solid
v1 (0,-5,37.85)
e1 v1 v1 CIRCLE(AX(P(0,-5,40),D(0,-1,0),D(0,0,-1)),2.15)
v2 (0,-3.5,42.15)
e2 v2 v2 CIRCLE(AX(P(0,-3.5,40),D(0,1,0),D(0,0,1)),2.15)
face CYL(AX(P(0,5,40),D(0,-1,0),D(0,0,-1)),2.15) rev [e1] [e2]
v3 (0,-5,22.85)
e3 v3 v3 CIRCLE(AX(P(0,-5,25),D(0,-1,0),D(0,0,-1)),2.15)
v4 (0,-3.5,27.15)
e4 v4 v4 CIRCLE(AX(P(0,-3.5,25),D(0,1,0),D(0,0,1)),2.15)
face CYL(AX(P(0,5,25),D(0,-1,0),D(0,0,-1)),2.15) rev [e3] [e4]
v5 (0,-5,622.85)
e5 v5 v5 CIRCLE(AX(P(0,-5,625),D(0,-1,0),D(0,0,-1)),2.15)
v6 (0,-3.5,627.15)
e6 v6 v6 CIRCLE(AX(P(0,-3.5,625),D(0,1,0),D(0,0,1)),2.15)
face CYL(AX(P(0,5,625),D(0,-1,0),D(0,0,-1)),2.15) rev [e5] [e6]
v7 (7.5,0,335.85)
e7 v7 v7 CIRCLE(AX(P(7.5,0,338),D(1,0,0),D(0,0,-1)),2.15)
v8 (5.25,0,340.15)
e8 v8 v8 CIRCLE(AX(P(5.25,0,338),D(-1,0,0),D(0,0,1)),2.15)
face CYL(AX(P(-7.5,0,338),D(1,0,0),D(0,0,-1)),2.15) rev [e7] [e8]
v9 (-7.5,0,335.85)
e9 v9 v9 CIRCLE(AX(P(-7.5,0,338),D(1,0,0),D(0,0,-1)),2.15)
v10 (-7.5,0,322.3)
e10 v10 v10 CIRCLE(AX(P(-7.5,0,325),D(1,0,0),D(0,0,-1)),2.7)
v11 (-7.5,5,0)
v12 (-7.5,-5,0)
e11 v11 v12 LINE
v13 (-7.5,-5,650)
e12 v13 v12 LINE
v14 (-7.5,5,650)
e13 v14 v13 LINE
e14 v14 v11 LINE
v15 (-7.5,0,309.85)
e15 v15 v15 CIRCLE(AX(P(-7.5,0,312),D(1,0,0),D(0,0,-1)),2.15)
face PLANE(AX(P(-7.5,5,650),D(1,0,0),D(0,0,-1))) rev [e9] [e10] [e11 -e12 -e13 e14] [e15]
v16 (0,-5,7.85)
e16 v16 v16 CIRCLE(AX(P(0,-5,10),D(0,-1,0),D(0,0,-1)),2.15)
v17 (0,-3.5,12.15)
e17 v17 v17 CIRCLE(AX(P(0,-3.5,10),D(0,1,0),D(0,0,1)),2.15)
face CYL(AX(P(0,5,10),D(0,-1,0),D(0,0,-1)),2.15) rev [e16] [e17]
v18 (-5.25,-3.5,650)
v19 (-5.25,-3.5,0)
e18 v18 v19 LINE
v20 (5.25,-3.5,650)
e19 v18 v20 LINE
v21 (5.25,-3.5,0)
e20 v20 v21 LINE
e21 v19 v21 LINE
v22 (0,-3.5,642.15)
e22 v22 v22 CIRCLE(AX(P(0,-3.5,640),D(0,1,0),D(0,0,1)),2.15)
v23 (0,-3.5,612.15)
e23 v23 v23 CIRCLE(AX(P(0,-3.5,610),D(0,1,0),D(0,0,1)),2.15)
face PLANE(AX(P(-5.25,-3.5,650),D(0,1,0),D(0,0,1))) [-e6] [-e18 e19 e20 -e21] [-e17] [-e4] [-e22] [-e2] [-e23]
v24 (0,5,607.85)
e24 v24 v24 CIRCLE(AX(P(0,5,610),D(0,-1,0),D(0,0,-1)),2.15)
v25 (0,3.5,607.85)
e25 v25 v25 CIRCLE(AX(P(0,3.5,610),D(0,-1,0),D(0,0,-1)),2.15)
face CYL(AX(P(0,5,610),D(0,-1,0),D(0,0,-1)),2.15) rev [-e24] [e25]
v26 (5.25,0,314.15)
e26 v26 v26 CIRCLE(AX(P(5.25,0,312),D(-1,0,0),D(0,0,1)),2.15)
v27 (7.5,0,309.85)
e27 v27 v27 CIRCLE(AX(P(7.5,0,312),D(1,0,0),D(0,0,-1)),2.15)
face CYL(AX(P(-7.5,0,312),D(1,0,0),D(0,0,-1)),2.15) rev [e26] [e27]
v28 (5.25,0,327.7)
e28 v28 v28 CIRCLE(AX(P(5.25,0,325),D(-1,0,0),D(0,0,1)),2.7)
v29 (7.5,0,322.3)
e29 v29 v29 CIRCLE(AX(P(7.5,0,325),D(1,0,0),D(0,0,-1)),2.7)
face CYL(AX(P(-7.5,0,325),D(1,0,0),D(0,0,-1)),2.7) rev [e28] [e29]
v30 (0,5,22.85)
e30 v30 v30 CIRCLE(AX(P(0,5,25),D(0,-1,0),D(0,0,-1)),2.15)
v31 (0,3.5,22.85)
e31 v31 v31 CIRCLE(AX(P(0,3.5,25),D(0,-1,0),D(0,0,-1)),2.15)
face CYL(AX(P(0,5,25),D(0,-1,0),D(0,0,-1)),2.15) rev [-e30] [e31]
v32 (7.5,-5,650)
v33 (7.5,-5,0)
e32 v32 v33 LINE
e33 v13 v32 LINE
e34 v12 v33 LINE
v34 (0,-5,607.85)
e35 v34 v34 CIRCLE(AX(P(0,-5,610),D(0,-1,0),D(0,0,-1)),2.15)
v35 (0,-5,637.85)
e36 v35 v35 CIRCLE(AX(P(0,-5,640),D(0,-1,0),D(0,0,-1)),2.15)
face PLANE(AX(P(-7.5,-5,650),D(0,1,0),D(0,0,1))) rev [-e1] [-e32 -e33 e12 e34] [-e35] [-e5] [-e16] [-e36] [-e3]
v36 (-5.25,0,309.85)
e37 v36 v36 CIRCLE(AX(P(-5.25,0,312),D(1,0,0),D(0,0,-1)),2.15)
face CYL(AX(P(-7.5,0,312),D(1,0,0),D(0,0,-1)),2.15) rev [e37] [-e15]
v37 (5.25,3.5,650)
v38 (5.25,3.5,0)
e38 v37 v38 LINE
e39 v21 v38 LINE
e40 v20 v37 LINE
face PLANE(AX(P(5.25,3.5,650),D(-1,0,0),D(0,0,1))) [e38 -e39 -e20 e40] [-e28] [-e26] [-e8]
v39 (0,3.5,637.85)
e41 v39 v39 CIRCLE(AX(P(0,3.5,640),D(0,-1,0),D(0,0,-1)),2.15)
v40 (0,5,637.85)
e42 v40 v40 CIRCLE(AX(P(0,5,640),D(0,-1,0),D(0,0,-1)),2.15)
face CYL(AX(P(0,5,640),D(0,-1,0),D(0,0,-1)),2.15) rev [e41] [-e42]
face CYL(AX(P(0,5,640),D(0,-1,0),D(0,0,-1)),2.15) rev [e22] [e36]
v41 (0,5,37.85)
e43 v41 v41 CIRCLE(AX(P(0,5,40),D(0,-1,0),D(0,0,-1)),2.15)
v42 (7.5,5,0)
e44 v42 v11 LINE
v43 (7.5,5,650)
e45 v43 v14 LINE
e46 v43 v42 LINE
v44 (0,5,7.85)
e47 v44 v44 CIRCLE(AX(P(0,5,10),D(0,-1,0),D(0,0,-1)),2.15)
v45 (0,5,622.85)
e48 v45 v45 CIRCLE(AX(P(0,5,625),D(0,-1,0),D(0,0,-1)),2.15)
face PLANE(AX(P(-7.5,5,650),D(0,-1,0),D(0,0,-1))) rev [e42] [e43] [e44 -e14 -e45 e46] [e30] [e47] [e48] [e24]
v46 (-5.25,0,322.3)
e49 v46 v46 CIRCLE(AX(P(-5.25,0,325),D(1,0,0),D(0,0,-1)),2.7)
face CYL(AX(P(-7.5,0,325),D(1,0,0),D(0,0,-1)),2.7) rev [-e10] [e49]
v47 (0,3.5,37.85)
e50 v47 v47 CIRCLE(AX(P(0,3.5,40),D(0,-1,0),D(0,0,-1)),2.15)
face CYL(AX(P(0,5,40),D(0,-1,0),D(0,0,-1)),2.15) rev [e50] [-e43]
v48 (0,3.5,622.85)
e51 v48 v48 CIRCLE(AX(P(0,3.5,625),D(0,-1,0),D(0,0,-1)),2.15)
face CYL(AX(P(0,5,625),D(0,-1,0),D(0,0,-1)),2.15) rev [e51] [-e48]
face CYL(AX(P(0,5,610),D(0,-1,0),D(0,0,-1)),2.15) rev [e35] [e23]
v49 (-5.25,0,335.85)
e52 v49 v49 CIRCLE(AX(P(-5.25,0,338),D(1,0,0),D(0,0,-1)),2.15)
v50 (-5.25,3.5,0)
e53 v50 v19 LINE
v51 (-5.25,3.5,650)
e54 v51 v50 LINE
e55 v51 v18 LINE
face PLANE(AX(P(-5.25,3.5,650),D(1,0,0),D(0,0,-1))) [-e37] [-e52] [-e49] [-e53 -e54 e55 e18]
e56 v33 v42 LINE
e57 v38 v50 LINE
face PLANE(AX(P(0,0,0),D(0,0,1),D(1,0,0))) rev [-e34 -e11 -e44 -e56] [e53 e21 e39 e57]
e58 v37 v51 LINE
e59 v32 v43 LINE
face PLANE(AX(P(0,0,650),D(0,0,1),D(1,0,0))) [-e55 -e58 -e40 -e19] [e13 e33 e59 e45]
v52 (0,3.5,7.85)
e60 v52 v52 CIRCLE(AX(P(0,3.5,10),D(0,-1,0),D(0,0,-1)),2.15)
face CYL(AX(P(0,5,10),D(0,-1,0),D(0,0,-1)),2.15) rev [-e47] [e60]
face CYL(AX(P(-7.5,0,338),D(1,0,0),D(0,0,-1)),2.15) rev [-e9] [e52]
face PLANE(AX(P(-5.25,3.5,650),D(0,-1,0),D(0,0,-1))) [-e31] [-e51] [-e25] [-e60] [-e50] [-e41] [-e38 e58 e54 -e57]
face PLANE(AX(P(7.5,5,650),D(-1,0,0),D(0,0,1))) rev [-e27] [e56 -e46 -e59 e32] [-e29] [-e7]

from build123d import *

# Parameters (mm, degrees)
SKETCH_1_W          = 15
SKETCH_1_H          = 10
SKETCH_1_W_2        = 10.5
SKETCH_1_H_2        = 7
EXTRUDE_1_DEPTH     = 650
SKETCH_2_R          = 2.15
CUT_EXTRUDE_1_DEPTH = 651.120181197
SKETCH_3_R          = 2.15
SKETCH_3_R_2        = 2.7
CUT_EXTRUDE_2_DEPTH = 651.192279253


with BuildPart() as part:
    # 草图1 → 凸台-拉伸1 (new body)
    with BuildSketch(Plane.XY):
        Rectangle(SKETCH_1_W, SKETCH_1_H)
        Rectangle(SKETCH_1_W_2, SKETCH_1_H_2, mode=Mode.SUBTRACT)
    extrude(amount=EXTRUDE_1_DEPTH)

    # 草图2 → 切除-拉伸1 (cut, through all)
    with BuildSketch(Plane.XZ.offset(5)):
        with Locations(Location((0, 640, 0), (0, 0, 270))):
            Circle(SKETCH_2_R)
        with Locations(Location((0, 625, 0), (0, 0, 270))):
            Circle(SKETCH_2_R)
        with Locations(Location((0, 610, 0), (0, 0, 270))):
            Circle(SKETCH_2_R)
        with Locations(Location((0, 10, 0), (0, 0, 270))):
            Circle(SKETCH_2_R)
        with Locations(Location((0, 25, 0), (0, 0, 270))):
            Circle(SKETCH_2_R)
        with Locations(Location((0, 40, 0), (0, 0, 270))):
            Circle(SKETCH_2_R)
    extrude(amount=-CUT_EXTRUDE_1_DEPTH, mode=Mode.SUBTRACT)

    # 草图3 → 切除-拉伸2 (cut, through all)
    with BuildSketch(Plane(origin=(7.5, 0, 0), x_dir=(0, 0, -1), z_dir=(1, 0, 0))):
        with Locations((-338, 0)):
            Circle(SKETCH_3_R)
        with Locations((-312, 0)):
            Circle(SKETCH_3_R)
        with Locations((-325, 0)):
            Circle(SKETCH_3_R_2)
    extrude(amount=-CUT_EXTRUDE_2_DEPTH, mode=Mode.SUBTRACT)


solid = part.part
